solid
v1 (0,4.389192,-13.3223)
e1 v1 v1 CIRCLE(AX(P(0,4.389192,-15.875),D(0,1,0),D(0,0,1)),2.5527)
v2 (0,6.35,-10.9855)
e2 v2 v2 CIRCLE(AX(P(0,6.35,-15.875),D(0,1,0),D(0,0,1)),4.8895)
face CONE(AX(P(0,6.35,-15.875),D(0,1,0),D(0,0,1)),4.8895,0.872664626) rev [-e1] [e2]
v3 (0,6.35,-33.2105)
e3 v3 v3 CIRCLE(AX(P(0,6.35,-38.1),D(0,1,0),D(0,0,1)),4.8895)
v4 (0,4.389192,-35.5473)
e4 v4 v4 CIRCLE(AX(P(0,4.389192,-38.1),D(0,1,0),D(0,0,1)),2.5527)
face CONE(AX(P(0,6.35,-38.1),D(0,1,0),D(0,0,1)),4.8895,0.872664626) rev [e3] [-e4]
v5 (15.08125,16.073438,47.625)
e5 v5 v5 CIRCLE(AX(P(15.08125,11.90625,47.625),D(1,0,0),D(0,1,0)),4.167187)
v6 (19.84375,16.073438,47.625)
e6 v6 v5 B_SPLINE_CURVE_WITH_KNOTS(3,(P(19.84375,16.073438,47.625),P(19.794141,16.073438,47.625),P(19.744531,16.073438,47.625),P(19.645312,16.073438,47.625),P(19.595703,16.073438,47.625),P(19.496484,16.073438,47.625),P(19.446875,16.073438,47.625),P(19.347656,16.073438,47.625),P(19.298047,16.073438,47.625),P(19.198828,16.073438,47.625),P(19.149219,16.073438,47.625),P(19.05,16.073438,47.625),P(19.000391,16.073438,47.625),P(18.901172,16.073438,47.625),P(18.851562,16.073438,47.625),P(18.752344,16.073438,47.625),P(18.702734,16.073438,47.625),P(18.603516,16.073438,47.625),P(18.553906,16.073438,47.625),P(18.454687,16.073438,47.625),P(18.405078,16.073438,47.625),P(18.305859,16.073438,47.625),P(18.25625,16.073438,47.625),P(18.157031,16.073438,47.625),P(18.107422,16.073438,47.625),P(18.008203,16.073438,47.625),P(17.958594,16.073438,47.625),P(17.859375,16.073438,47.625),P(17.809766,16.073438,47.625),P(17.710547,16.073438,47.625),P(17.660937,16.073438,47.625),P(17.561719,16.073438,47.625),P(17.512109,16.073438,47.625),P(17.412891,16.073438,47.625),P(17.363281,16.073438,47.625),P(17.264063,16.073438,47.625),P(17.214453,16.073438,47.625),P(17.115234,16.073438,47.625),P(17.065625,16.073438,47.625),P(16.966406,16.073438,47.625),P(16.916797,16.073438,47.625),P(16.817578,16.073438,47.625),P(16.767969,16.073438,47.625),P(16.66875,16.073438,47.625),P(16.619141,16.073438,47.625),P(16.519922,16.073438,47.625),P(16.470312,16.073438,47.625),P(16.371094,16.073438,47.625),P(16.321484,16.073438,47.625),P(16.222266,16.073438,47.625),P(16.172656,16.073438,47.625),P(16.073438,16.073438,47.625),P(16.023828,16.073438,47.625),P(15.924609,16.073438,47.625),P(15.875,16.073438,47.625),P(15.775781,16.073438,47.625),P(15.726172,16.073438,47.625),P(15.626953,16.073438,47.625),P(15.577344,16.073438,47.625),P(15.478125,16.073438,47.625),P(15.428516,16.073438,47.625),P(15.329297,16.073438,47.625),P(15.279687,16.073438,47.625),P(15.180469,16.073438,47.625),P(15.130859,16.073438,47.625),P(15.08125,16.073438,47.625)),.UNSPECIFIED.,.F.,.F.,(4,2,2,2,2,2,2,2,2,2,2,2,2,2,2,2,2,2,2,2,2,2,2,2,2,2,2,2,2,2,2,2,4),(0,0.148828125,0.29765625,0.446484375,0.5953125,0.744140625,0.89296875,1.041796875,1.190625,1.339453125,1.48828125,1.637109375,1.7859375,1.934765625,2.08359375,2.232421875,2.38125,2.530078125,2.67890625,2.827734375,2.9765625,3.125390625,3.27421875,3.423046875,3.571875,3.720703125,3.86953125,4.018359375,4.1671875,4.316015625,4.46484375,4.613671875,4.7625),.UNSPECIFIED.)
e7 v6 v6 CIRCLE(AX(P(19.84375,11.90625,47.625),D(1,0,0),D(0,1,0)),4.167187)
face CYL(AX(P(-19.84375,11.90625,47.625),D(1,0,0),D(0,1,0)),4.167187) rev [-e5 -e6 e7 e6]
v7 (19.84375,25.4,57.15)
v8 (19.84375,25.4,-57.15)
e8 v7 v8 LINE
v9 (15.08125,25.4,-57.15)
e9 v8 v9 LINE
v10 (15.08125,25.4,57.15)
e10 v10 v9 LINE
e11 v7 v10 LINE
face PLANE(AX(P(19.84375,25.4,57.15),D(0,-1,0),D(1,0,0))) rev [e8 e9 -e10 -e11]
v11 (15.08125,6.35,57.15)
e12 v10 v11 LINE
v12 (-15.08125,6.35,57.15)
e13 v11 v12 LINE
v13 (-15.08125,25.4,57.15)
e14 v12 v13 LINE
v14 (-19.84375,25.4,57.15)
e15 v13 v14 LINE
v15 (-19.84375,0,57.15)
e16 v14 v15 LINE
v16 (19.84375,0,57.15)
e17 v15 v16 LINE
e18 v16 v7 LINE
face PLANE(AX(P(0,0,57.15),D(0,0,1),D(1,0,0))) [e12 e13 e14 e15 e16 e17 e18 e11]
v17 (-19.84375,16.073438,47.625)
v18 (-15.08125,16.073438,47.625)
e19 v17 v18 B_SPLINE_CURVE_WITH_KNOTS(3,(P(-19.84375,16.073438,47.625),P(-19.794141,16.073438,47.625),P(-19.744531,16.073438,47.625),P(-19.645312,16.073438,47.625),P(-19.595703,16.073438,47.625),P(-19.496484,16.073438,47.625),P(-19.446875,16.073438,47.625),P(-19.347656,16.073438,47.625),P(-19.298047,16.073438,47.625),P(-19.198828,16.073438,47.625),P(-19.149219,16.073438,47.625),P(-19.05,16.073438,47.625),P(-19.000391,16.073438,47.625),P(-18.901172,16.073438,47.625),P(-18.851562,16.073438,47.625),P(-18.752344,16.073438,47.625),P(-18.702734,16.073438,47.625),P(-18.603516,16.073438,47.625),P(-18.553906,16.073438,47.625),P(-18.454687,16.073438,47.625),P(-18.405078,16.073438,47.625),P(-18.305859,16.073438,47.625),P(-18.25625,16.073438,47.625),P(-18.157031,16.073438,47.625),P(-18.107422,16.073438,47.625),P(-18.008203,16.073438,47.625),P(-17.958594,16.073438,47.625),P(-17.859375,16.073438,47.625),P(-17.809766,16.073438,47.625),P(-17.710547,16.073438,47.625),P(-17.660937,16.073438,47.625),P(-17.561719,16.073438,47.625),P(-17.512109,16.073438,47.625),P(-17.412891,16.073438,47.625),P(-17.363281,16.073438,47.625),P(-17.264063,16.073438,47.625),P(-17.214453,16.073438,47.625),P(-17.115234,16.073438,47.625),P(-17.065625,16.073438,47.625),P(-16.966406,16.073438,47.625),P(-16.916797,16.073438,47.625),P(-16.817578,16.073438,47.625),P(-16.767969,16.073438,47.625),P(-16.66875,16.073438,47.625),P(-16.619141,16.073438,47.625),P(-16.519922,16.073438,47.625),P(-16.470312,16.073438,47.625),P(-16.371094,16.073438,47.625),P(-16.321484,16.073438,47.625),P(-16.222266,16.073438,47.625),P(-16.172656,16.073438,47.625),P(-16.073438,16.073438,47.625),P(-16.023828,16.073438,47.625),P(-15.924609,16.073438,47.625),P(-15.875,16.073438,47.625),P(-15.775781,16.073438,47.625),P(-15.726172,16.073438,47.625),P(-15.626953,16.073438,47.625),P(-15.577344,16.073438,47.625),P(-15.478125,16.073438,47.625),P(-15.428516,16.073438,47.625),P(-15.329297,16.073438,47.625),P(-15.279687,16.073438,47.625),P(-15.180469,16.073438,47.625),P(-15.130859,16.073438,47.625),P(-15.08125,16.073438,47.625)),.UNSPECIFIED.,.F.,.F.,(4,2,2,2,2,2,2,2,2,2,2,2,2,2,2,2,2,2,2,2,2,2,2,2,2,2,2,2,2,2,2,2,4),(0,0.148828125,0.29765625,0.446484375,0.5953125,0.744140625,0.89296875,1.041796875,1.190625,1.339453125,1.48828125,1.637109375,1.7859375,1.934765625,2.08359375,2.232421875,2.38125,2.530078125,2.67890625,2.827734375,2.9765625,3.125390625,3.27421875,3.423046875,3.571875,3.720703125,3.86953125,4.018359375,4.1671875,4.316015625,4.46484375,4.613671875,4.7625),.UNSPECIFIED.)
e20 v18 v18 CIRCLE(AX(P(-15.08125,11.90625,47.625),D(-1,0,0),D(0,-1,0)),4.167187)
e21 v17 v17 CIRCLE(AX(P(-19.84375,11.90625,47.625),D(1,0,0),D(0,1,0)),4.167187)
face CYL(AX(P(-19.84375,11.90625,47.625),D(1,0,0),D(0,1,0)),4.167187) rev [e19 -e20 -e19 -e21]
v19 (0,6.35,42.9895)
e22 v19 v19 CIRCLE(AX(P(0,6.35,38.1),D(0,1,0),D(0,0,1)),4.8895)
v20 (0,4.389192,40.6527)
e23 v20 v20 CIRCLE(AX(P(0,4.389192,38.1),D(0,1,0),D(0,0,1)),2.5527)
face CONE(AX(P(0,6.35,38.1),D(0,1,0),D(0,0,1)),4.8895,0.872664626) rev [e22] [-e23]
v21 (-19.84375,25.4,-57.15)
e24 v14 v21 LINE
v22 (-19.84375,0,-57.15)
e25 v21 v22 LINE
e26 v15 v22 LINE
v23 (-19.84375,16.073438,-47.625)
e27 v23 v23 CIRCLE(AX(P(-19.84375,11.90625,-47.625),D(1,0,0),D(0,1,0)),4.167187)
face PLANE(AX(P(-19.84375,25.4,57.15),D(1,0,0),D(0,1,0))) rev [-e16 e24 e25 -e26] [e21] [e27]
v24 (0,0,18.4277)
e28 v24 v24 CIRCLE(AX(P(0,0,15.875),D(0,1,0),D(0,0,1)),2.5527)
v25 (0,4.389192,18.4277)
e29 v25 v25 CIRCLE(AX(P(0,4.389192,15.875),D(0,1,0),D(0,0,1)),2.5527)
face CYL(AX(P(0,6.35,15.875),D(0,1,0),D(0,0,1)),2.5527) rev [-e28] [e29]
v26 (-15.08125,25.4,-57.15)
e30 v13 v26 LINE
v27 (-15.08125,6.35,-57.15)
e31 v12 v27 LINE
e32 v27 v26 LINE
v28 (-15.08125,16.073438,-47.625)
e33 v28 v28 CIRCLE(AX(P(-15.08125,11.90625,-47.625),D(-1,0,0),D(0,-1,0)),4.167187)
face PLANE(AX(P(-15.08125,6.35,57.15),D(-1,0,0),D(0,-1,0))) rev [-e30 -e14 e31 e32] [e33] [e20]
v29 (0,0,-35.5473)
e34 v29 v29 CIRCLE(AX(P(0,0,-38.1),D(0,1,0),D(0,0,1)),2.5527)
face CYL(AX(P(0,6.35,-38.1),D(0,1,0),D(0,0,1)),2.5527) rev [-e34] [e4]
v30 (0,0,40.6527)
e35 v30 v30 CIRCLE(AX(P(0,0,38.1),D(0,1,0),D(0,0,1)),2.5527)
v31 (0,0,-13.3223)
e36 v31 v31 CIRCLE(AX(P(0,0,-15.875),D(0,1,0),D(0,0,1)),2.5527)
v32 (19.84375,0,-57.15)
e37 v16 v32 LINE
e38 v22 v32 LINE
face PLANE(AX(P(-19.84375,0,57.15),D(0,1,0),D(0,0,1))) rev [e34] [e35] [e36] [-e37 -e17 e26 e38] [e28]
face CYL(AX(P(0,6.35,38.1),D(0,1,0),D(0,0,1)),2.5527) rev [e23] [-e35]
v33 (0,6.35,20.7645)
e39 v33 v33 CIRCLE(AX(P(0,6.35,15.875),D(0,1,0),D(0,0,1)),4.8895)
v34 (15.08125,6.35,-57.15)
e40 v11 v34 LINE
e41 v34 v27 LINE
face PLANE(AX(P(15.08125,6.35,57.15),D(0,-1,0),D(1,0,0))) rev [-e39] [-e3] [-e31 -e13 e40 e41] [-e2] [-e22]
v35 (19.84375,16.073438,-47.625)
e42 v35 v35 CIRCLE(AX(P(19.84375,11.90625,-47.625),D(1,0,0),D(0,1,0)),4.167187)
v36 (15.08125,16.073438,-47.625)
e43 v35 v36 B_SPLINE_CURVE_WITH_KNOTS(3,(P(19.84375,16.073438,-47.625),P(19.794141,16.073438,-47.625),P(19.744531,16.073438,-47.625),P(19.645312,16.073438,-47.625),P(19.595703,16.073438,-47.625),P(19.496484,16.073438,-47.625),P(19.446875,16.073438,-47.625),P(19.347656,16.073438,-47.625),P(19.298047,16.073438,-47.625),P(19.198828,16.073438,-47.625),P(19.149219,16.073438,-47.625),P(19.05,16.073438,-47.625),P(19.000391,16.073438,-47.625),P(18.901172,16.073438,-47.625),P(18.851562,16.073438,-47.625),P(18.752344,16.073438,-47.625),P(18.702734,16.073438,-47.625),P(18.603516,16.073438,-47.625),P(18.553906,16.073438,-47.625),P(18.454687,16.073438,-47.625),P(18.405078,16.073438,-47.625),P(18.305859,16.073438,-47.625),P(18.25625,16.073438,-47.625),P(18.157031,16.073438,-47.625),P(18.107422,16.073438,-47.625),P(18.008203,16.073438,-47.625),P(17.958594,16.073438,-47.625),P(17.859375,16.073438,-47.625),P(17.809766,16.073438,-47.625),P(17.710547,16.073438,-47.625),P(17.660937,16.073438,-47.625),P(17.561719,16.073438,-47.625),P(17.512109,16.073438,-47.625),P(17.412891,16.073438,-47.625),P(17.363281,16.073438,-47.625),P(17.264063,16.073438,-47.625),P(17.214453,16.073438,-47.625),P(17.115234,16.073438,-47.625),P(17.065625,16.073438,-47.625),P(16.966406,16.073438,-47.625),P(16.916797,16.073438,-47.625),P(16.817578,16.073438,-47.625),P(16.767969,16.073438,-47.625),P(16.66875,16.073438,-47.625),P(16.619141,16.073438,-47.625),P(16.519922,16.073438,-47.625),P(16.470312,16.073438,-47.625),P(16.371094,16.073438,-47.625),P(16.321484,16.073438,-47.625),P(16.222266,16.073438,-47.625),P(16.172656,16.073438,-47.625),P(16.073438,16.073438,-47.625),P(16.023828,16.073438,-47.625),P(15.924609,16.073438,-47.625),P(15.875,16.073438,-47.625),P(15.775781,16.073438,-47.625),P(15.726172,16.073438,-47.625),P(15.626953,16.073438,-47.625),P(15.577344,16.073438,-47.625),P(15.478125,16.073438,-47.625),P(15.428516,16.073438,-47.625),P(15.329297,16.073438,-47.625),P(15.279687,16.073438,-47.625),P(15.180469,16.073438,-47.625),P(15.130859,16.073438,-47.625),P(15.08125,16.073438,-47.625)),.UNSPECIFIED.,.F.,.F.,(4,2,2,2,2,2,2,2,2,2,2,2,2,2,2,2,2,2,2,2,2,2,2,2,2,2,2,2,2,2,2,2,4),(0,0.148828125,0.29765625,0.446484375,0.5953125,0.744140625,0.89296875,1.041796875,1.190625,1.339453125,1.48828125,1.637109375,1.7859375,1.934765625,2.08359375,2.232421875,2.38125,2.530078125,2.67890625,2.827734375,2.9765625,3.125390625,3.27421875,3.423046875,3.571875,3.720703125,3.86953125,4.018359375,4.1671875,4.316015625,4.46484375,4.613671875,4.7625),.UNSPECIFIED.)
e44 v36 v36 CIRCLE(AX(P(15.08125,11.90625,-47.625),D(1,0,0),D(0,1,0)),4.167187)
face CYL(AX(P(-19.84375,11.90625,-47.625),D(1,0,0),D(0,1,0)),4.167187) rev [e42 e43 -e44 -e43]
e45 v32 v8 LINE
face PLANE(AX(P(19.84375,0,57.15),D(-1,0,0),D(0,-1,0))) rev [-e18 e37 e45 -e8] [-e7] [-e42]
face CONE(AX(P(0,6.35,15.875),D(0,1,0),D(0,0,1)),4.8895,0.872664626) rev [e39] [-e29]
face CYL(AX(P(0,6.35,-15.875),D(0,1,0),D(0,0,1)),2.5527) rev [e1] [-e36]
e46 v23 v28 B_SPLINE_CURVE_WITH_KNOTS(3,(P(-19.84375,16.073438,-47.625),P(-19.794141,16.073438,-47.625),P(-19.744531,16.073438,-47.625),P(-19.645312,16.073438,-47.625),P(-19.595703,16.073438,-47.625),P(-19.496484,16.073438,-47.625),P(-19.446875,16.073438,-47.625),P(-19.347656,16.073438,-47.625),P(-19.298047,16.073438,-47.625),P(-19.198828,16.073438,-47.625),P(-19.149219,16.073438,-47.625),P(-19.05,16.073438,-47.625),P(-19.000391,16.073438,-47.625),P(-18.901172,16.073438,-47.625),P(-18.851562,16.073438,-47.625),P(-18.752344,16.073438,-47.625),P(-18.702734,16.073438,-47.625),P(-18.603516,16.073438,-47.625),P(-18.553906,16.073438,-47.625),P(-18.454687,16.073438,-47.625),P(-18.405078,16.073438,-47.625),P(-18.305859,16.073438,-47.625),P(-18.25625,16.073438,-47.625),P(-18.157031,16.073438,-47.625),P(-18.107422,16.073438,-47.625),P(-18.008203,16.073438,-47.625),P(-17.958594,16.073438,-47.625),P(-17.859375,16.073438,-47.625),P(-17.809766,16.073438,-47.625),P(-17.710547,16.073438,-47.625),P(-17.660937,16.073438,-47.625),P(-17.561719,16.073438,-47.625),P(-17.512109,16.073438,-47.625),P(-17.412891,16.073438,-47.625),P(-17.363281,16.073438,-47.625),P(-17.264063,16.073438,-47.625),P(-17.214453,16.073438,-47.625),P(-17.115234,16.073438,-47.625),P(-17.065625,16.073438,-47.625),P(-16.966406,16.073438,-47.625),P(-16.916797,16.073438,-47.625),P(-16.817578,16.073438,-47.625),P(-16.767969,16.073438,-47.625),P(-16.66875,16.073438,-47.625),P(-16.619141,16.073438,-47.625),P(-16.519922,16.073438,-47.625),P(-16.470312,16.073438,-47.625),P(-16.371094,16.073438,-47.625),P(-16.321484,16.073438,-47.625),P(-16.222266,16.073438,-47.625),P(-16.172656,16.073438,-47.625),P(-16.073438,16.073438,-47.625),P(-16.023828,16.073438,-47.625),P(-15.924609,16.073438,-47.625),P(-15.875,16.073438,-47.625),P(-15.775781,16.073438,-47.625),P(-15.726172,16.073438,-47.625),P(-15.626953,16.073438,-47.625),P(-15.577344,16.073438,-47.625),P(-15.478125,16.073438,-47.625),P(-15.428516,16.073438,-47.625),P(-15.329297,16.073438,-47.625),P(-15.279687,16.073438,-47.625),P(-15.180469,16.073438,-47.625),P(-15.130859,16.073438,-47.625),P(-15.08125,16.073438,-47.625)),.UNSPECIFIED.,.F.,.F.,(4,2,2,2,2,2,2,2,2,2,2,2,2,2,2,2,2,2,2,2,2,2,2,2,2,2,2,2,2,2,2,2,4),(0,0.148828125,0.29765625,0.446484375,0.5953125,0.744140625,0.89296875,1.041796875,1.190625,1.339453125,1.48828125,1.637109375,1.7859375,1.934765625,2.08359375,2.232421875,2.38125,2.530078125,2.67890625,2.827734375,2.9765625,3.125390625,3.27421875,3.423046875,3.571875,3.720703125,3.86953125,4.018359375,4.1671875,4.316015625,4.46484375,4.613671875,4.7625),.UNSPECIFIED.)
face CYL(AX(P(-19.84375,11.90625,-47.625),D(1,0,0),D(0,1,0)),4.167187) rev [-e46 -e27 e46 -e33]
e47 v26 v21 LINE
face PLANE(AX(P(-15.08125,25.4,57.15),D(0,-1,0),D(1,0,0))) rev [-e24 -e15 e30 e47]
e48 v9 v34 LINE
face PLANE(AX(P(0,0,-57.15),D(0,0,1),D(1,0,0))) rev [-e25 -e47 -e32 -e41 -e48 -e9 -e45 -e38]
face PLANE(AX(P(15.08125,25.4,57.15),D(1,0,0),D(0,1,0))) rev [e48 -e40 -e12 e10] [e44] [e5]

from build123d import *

# Parameters (mm, degrees)
BOSS_EXTRUDE1_DEPTH                                = 57.15
CSK_FOR_10_FLAT_HEAD_MACHINE_SCREW_100_D           = 5.1054
CSK_FOR_10_FLAT_HEAD_MACHINE_SCREW_100_CSINK_D     = 9.779
CSK_FOR_10_FLAT_HEAD_MACHINE_SCREW_100_CSINK_ANGLE = 100
SKETCH6_OUTSIDE_W                                  = 141.026
SKETCH6_OUTSIDE_H                                  = 52.126
SKETCH6_OUTSIDE_W_2                                = 114.3
SKETCH6_OUTSIDE_H_2                                = 25.4
SKETCH6_OUTSIDE_R                                  = 4.1671875
CUT_EXTRUDE2_DEPTH                                 = 75.070102985


with BuildPart() as part:
    # Sketch1 → Boss-Extrude1 (new, symmetric)
    with BuildSketch(Plane.XY):
        Polygon((-19.84375, 25.4), (-19.84375, 0), (19.84375, 0), (19.84375, 25.4), (15.08125, 25.4), (15.08125, 6.35), (-15.08125, 6.35), (-15.08125, 25.4), align=None)
    extrude(amount=BOSS_EXTRUDE1_DEPTH, both=True)

    # CSK for #10 Flat Head Machine Screw (100)1 (through all)
    with Locations(Plane(origin=(0, 6.35, 0), x_dir=(1, 0, 0), z_dir=(0, 1, 0))):
        with Locations((0, 15.875), (0, 38.1), (0, -15.875), (0, -38.1)):
            CounterSinkHole(CSK_FOR_10_FLAT_HEAD_MACHINE_SCREW_100_D / 2, CSK_FOR_10_FLAT_HEAD_MACHINE_SCREW_100_CSINK_D / 2, counter_sink_angle=CSK_FOR_10_FLAT_HEAD_MACHINE_SCREW_100_CSINK_ANGLE)

    # Sketch6 outside → Cut-Extrude2 (cut, through all)
    # profile 1 of 3: a face of its own
    with BuildSketch(Plane(origin=(19.84375, 0, 0), x_dir=(0, 0, -1), z_dir=(1, 0, 0))):
        with Locations((0, 12.7)):
            Rectangle(SKETCH6_OUTSIDE_W, SKETCH6_OUTSIDE_H)
        with Locations((0, 12.7)):
            Rectangle(SKETCH6_OUTSIDE_W_2, SKETCH6_OUTSIDE_H_2, mode=Mode.SUBTRACT)
    # profile 2 of 3: a face of its own
    with BuildSketch(Plane(origin=(19.84375, 0, 0), x_dir=(0, 0, -1), z_dir=(1, 0, 0))):
        with Locations(Location((-47.625, 11.90625, 0), (0, 0, 90))):
            Circle(SKETCH6_OUTSIDE_R)
    # profile 3 of 3: a face of its own
    with BuildSketch(Plane(origin=(19.84375, 0, 0), x_dir=(0, 0, -1), z_dir=(1, 0, 0))):
        with Locations(Location((47.625, 11.90625, 0), (0, 0, 90))):
            Circle(SKETCH6_OUTSIDE_R)
    extrude(amount=-CUT_EXTRUDE2_DEPTH, mode=Mode.SUBTRACT)


solid = part.part
